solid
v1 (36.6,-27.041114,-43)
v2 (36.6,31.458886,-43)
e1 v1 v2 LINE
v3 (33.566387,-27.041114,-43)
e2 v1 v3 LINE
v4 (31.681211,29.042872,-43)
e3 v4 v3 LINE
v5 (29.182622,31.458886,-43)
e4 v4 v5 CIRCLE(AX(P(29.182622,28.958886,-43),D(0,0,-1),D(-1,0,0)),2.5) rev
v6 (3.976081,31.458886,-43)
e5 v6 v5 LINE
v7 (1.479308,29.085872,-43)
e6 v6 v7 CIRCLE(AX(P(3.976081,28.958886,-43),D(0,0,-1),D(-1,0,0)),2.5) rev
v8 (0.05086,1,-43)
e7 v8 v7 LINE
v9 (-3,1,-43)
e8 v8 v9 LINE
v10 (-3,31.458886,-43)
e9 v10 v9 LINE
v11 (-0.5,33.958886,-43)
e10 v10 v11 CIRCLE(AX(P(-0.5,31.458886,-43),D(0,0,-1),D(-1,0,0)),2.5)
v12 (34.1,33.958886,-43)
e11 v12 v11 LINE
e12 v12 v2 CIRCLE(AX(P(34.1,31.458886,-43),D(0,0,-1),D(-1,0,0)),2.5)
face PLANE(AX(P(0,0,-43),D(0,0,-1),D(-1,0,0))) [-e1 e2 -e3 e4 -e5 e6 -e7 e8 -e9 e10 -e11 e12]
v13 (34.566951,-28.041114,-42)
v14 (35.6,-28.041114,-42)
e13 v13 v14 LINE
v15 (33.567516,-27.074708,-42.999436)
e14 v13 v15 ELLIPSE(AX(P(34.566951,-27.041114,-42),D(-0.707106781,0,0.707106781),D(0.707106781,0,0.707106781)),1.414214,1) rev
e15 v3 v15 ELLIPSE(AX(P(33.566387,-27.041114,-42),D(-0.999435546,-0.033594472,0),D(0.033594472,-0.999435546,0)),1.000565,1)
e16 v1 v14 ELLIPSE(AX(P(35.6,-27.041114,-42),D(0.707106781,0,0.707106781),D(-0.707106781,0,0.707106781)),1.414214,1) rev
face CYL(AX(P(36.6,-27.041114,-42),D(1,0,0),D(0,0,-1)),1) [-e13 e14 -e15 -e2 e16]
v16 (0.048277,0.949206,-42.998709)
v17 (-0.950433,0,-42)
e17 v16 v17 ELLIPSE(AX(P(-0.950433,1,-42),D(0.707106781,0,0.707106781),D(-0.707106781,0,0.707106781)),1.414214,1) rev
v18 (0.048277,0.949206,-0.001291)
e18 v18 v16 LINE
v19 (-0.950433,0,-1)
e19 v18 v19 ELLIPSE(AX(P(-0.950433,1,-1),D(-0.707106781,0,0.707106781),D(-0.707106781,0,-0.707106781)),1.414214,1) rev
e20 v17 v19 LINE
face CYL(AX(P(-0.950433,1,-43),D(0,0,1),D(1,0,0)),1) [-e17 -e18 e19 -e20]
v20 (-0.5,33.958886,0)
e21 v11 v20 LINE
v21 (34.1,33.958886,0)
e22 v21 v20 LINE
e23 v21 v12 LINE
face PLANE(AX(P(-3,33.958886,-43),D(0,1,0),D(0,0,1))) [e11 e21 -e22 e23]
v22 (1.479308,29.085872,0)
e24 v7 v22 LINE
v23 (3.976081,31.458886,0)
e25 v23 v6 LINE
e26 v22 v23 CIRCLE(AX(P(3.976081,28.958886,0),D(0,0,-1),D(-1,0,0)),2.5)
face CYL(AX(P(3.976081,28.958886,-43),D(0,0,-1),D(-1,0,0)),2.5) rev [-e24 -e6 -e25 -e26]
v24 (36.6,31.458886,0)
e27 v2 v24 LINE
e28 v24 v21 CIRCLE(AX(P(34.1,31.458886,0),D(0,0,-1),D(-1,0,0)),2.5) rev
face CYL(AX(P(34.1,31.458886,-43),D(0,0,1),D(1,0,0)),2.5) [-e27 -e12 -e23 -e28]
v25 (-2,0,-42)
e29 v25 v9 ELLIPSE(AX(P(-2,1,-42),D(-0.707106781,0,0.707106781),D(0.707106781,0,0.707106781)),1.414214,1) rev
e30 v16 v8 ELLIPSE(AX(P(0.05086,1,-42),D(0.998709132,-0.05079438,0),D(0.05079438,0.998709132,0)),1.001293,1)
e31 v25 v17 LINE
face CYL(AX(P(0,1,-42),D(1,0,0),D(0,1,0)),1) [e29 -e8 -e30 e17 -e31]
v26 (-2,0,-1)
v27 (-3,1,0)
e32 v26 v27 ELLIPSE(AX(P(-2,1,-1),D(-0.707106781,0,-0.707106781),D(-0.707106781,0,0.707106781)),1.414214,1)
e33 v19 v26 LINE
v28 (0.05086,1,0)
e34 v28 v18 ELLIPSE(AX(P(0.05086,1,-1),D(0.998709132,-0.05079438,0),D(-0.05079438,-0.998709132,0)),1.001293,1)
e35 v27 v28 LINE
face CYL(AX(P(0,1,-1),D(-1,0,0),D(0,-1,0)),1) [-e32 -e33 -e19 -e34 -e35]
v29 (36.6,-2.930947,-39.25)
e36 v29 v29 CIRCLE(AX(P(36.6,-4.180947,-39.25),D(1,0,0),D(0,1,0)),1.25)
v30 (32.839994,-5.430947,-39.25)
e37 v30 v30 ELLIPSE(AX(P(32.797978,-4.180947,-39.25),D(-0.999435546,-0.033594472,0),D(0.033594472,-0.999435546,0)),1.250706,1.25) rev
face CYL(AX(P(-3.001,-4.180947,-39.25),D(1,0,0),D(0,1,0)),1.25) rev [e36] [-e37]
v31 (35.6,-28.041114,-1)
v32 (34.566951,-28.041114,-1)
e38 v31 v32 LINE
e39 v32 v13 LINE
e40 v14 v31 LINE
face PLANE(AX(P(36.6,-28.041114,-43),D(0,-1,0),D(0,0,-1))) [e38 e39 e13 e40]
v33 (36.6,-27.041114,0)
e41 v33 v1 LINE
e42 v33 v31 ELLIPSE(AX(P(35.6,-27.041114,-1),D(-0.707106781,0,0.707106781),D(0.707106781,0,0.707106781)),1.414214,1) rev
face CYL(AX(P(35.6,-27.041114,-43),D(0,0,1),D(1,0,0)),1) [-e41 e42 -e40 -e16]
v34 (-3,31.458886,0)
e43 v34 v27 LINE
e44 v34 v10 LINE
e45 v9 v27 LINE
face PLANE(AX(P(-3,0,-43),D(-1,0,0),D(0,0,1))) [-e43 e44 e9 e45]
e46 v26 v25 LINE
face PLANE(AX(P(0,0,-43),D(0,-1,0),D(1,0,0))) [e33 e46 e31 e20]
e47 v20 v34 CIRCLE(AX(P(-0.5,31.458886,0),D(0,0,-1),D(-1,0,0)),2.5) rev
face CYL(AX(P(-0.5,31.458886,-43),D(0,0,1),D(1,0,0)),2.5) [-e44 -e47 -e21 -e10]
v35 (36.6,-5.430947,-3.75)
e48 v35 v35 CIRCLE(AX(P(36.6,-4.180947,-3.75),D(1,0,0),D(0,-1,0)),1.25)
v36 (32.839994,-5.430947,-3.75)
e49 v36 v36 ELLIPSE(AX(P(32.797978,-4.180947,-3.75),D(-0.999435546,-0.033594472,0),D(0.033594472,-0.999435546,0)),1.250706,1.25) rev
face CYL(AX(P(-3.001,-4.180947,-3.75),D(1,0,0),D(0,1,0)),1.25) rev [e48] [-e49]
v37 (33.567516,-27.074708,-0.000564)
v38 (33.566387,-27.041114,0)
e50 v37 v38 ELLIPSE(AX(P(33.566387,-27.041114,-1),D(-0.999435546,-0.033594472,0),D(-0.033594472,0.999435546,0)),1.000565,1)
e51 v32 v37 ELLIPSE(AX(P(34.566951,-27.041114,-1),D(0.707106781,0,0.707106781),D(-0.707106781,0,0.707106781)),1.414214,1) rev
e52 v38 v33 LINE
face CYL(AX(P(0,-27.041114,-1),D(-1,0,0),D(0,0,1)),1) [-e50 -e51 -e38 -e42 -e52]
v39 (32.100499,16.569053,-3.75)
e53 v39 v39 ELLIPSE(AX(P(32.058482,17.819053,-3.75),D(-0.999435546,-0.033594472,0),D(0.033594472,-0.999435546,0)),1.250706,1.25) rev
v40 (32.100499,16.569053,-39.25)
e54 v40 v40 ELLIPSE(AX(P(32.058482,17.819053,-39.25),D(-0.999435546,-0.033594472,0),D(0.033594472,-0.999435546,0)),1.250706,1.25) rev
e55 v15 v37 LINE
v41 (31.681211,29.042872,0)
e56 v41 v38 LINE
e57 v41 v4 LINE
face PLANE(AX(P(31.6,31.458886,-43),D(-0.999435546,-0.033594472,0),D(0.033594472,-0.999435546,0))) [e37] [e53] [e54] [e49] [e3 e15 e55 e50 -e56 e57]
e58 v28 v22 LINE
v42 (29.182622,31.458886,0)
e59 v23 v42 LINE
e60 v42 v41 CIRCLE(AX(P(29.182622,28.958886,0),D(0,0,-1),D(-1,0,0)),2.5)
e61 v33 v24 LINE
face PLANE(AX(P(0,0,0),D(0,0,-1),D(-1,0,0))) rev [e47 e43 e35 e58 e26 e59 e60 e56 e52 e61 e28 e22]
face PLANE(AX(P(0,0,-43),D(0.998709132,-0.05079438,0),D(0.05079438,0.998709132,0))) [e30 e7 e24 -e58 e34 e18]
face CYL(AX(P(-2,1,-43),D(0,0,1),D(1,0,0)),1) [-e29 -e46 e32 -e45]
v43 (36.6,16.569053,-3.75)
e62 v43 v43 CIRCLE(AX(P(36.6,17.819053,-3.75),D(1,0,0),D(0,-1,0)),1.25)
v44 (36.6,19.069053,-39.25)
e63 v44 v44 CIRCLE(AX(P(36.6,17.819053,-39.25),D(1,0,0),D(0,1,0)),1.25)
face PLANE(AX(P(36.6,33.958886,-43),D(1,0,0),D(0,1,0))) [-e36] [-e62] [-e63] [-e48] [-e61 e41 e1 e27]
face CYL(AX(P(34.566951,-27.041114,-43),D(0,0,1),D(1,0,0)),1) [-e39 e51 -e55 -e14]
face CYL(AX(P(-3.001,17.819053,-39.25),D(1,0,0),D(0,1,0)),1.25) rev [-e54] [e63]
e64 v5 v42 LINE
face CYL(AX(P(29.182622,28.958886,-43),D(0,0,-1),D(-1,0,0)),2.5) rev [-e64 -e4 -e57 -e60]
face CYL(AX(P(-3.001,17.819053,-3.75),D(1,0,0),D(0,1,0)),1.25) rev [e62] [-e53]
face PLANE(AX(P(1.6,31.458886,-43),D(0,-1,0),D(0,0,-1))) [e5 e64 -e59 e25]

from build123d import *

# Parameters (mm, degrees)
BOSS_EXTRUDE1_DEPTH = 43
CUT_EXTRUDE1_REACH  = 69.604
SKETCH2_R           = 1.25
FILLET1_R           = 2.5
FILLET2_R           = 2.5
FILLET3_R           = 1
FILLET4_R           = 1


with BuildPart() as part:
    # Sketch1 → Boss-Extrude1 (new body)
    with BuildSketch(Plane.XY):
        Polygon((0, 0), (1.6, 31.458886043), (31.6, 31.458886043), (33.6, -28.041113957), (36.6, -28.041113957), (36.6, 33.958886043), (-3, 33.958886043), (-3, 0), align=None)
    extrude(amount=-BOSS_EXTRUDE1_DEPTH)

    # Cut-Extrude1: up to this plane
    cut_extrude1_end = Plane(origin=(31.6, 31.458886043, -43), z_dir=(-0.9994355464166094, -0.03359447214845748, 0))
    # Sketch2 → Cut-Extrude1 (cut, up to the surface)
    with BuildSketch(Plane(origin=(36.6, 0, 0), x_dir=(0, 0, -1), z_dir=(1, 0, 0)), mode=Mode.PRIVATE) as cut_extrude1_sk1:
        with Locations(Location((39.25, 17.819052722, 0), (0, 0, 90))):
            Circle(SKETCH2_R)
    cut_extrude1_tool1 = split(extrude(cut_extrude1_sk1.sketch, amount=-CUT_EXTRUDE1_REACH, mode=Mode.PRIVATE), bisect_by=cut_extrude1_end, keep=Keep.BOTH, mode=Mode.PRIVATE)
    add(cut_extrude1_tool1.solids().sort_by_distance((36.6, 17.819053, -39.25))[0], mode=Mode.SUBTRACT)
    # Sketch2 → Cut-Extrude1 (cut, up to the surface)
    with BuildSketch(Plane(origin=(36.6, 0, 0), x_dir=(0, 0, -1), z_dir=(1, 0, 0)), mode=Mode.PRIVATE) as cut_extrude1_sk2:
        with Locations(Location((39.25, -4.180947278, 0), (0, 0, 90))):
            Circle(SKETCH2_R)
    cut_extrude1_tool2 = split(extrude(cut_extrude1_sk2.sketch, amount=-CUT_EXTRUDE1_REACH, mode=Mode.PRIVATE), bisect_by=cut_extrude1_end, keep=Keep.BOTH, mode=Mode.PRIVATE)
    add(cut_extrude1_tool2.solids().sort_by_distance((36.6, -4.180947, -39.25))[0], mode=Mode.SUBTRACT)
    # Sketch2 → Cut-Extrude1 (cut, up to the surface)
    with BuildSketch(Plane(origin=(36.6, 0, 0), x_dir=(0, 0, -1), z_dir=(1, 0, 0)), mode=Mode.PRIVATE) as cut_extrude1_sk3:
        with Locations(Location((3.75, -4.180947278, 0), (0, 0, 270))):
            Circle(SKETCH2_R)
    cut_extrude1_tool3 = split(extrude(cut_extrude1_sk3.sketch, amount=-CUT_EXTRUDE1_REACH, mode=Mode.PRIVATE), bisect_by=cut_extrude1_end, keep=Keep.BOTH, mode=Mode.PRIVATE)
    add(cut_extrude1_tool3.solids().sort_by_distance((36.6, -4.180947, -3.75))[0], mode=Mode.SUBTRACT)
    # Sketch2 → Cut-Extrude1 (cut, up to the surface)
    with BuildSketch(Plane(origin=(36.6, 0, 0), x_dir=(0, 0, -1), z_dir=(1, 0, 0)), mode=Mode.PRIVATE) as cut_extrude1_sk4:
        with Locations(Location((3.75, 17.819052722, 0), (0, 0, 270))):
            Circle(SKETCH2_R)
    cut_extrude1_tool4 = split(extrude(cut_extrude1_sk4.sketch, amount=-CUT_EXTRUDE1_REACH, mode=Mode.PRIVATE), bisect_by=cut_extrude1_end, keep=Keep.BOTH, mode=Mode.PRIVATE)
    add(cut_extrude1_tool4.solids().sort_by_distance((36.6, 17.819053, -3.75))[0], mode=Mode.SUBTRACT)

    # Fillet1
    fillet1_edges = [part.edges().sort_by_distance(p)[0] for p in [
        (31.6, 31.458886043, -21.5),
        (1.6, 31.458886043, -21.5),
    ]]
    fillet(fillet1_edges, radius=FILLET1_R)

    # Fillet2
    fillet2_edges = [part.edges().sort_by_distance(p)[0] for p in [
        (-3, 33.958886043, -21.5),
        (36.6, 33.958886043, -21.5),
    ]]
    fillet(fillet2_edges, radius=FILLET2_R)

    # Fillet3
    fillet3_edges = [part.edges().sort_by_distance(p)[0] for p in [
        (-1.5, 0, 0),
        (-3, 0, -21.5),
        (0, 0, -21.5),
        (-1.5, 0, -43),
    ]]
    fillet(fillet3_edges, radius=FILLET3_R)

    # Fillet4
    fillet4_edges = [part.edges().sort_by_distance(p)[0] for p in [
        (36.6, -28.041113957, -21.5),
        (33.6, -28.041113957, -21.5),
        (35.1, -28.041113957, -43),
        (35.1, -28.041113957, 0),
    ]]
    fillet(fillet4_edges, radius=FILLET4_R)


solid = part.part
